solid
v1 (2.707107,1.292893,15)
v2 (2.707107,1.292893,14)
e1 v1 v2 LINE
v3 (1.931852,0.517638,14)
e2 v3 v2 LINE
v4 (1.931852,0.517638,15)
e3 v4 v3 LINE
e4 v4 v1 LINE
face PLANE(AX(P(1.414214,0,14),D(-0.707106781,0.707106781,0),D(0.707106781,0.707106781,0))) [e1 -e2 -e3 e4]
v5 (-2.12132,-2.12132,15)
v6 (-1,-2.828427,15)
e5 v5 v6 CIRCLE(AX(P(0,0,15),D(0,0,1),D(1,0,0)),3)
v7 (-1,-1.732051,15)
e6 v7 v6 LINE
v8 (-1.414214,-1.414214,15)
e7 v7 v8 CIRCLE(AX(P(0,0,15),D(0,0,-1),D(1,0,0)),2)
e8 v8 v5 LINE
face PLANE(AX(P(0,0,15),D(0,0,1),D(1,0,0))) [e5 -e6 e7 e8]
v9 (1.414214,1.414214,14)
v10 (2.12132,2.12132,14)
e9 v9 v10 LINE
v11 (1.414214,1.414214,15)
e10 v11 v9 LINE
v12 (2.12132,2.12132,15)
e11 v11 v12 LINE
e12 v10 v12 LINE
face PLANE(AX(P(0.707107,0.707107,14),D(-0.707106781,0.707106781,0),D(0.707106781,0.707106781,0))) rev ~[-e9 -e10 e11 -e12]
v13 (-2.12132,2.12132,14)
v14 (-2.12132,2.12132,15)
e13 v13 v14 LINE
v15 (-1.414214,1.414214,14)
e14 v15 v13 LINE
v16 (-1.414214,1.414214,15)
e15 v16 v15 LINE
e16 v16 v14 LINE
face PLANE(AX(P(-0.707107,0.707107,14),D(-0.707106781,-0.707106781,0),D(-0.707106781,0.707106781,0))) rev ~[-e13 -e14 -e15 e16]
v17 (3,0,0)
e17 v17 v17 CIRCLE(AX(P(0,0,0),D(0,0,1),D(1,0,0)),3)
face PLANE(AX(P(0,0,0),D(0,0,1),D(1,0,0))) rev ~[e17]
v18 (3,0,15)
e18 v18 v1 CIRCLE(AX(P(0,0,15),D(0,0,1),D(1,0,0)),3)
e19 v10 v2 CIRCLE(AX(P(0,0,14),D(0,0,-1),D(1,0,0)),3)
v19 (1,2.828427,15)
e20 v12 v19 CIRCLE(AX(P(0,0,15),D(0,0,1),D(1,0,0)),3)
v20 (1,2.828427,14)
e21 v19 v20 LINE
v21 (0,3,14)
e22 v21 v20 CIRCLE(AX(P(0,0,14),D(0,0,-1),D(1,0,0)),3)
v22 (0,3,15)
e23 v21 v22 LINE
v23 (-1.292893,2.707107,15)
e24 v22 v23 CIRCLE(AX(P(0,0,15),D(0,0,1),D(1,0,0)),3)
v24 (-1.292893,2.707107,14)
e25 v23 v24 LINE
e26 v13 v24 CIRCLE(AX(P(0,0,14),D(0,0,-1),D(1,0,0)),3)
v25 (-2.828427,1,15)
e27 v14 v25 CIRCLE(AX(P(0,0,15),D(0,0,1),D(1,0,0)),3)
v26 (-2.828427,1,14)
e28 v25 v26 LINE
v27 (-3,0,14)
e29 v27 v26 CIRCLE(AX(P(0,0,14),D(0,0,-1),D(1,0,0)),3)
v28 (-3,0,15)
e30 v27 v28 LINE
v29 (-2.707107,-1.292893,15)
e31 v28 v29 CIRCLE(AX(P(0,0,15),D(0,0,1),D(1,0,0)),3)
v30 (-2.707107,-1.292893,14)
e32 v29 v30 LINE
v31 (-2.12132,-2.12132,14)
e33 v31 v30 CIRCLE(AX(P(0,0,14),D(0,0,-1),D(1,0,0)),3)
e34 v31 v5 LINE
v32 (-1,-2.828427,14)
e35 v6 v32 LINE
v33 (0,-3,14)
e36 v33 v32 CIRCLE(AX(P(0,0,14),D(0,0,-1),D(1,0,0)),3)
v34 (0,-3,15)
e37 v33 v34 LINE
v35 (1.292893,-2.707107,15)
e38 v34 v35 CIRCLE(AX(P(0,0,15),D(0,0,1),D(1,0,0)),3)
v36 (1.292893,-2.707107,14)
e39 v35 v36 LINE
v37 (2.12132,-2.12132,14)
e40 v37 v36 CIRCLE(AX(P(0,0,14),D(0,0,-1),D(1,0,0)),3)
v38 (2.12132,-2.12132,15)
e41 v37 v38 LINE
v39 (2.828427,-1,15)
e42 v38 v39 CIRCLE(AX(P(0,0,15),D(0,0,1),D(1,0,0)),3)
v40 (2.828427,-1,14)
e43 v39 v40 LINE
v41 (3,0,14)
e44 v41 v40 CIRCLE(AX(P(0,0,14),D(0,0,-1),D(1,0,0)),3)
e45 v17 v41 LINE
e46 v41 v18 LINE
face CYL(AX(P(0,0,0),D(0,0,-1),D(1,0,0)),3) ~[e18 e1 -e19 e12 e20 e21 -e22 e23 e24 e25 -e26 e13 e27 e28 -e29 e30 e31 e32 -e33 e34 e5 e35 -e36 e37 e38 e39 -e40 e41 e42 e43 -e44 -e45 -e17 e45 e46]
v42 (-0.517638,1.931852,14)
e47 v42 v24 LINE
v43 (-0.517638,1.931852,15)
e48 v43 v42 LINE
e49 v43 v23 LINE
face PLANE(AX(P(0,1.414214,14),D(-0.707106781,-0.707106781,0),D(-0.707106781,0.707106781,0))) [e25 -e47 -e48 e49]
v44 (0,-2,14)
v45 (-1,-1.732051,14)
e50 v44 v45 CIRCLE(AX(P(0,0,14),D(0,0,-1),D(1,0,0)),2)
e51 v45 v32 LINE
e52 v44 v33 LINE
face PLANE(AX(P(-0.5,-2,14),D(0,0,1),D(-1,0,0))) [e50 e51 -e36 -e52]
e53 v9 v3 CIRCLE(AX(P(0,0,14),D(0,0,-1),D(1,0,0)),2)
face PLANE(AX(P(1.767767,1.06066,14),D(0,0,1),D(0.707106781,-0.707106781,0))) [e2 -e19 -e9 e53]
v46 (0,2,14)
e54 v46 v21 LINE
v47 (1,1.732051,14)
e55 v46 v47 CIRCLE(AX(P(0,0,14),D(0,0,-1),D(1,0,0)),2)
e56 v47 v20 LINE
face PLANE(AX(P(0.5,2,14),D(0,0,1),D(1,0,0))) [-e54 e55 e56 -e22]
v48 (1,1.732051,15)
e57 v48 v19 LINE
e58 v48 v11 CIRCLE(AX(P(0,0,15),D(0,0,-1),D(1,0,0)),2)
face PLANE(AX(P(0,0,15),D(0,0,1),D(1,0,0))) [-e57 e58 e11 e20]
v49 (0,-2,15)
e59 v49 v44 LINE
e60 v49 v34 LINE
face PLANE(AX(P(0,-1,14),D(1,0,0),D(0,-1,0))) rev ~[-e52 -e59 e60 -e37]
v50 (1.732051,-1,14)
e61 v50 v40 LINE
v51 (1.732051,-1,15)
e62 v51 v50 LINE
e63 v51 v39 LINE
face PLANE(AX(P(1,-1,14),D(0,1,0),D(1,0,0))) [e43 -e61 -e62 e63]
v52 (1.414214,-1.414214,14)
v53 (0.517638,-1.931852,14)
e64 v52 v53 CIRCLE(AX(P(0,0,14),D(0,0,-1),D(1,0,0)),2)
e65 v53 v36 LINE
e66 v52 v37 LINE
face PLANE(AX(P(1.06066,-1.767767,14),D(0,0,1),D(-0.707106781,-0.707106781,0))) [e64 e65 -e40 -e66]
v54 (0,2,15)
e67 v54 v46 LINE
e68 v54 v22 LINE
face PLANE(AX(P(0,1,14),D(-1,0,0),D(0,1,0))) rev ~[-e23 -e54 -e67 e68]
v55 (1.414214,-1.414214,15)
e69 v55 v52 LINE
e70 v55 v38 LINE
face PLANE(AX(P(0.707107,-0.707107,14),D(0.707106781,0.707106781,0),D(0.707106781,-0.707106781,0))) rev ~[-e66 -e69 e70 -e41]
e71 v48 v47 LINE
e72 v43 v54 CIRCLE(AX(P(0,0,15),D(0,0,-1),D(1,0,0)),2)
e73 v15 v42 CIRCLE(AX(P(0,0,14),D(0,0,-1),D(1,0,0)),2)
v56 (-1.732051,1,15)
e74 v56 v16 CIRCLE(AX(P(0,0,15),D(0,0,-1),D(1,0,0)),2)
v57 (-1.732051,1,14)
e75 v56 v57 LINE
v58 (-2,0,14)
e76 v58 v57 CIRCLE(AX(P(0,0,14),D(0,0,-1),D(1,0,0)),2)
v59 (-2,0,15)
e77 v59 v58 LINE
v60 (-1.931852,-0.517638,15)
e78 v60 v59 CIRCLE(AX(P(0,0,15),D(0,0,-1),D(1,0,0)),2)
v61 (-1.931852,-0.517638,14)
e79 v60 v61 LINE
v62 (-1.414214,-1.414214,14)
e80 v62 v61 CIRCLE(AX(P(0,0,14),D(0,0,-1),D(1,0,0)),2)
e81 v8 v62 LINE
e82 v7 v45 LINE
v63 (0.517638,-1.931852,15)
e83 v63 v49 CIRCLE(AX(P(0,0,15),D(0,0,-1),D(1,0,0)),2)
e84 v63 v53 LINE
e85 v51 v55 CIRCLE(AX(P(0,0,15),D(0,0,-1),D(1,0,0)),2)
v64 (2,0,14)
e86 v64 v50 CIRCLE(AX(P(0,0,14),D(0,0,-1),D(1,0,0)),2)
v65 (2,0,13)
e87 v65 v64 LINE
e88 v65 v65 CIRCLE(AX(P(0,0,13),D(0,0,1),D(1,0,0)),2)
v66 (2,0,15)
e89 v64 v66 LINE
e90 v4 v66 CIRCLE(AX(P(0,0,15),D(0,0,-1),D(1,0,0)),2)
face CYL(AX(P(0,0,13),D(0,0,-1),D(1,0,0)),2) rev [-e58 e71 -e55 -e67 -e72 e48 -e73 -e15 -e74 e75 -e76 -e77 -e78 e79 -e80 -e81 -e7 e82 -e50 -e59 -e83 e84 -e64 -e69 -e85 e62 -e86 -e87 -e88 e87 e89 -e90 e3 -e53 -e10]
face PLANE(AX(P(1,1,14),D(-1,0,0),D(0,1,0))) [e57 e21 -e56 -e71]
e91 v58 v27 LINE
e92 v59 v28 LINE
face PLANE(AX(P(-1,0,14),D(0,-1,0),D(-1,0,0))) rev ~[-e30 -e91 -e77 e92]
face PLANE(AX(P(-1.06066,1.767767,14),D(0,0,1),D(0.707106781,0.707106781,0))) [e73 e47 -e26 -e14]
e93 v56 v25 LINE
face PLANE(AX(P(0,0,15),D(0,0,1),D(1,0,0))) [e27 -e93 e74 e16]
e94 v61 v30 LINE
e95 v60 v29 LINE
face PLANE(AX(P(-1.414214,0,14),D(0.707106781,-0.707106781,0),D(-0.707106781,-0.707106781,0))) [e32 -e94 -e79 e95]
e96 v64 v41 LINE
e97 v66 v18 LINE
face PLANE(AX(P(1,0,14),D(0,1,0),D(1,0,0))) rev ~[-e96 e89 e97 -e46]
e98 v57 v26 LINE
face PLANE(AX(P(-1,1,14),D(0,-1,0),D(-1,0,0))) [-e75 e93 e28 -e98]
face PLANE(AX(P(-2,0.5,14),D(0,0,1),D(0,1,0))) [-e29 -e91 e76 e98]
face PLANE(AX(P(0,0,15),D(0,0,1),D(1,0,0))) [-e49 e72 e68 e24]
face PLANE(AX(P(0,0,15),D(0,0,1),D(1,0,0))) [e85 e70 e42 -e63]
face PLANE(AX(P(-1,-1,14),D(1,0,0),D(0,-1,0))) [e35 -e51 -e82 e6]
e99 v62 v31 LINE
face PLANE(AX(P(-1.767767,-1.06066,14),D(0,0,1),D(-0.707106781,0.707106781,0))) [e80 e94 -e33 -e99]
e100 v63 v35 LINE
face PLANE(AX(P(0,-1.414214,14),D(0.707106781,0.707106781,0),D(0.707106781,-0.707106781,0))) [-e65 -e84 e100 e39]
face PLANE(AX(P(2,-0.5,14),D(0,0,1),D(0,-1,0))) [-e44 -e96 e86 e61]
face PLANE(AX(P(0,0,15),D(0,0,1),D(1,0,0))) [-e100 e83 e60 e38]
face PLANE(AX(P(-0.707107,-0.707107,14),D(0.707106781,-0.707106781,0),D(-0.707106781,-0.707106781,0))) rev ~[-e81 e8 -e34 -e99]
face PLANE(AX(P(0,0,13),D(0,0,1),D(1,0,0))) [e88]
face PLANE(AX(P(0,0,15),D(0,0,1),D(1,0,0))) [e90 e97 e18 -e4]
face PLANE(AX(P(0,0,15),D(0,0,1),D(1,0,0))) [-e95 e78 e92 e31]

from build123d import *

# Parameters (mm, degrees)
BOX_W             = 1
BOX_H             = 2
BOX_DEPTH         = 1
ARRAY_COUNT       = 8
CYLINDER001_R     = 2
CYLINDER001_DEPTH = 10
CYLINDER_R        = 3
CYLINDER_DEPTH    = 15


with BuildPart() as array:
    # Box → Box (new body)
    with BuildSketch(Plane(origin=(0, 1, 14), x_dir=(1, 0, 0), z_dir=(0, 0, 1))):
        with Locations((0.5, 1)):
            Rectangle(BOX_W, BOX_H)
    extrude(amount=BOX_DEPTH)

    # Array: Array ×8 about axis
    array_axis = Axis((0, 0, 0), (0, 0, 1))


with BuildPart() as array_1:
    add(array.part)
    for i in range(1, ARRAY_COUNT):
        add(array.part.rotate(array_axis, i * 360 / ARRAY_COUNT))


with BuildPart() as cilindro:
    # Cylinder001 → Cylinder001 (new body)
    with BuildSketch(Plane.XY.offset(13)):
        Circle(CYLINDER001_R)
    extrude(amount=CYLINDER001_DEPTH)


with BuildPart() as cut001:
    # Cylinder → Cylinder (new body)
    with BuildSketch(Plane.XY):
        Circle(CYLINDER_R)
    extrude(amount=CYLINDER_DEPTH)

    # Cut: cut Cilindro
    add(cilindro.part, mode=Mode.SUBTRACT)

    # Cut001: cut Array
    add(array_1.part, mode=Mode.SUBTRACT)


solid = cut001.part
